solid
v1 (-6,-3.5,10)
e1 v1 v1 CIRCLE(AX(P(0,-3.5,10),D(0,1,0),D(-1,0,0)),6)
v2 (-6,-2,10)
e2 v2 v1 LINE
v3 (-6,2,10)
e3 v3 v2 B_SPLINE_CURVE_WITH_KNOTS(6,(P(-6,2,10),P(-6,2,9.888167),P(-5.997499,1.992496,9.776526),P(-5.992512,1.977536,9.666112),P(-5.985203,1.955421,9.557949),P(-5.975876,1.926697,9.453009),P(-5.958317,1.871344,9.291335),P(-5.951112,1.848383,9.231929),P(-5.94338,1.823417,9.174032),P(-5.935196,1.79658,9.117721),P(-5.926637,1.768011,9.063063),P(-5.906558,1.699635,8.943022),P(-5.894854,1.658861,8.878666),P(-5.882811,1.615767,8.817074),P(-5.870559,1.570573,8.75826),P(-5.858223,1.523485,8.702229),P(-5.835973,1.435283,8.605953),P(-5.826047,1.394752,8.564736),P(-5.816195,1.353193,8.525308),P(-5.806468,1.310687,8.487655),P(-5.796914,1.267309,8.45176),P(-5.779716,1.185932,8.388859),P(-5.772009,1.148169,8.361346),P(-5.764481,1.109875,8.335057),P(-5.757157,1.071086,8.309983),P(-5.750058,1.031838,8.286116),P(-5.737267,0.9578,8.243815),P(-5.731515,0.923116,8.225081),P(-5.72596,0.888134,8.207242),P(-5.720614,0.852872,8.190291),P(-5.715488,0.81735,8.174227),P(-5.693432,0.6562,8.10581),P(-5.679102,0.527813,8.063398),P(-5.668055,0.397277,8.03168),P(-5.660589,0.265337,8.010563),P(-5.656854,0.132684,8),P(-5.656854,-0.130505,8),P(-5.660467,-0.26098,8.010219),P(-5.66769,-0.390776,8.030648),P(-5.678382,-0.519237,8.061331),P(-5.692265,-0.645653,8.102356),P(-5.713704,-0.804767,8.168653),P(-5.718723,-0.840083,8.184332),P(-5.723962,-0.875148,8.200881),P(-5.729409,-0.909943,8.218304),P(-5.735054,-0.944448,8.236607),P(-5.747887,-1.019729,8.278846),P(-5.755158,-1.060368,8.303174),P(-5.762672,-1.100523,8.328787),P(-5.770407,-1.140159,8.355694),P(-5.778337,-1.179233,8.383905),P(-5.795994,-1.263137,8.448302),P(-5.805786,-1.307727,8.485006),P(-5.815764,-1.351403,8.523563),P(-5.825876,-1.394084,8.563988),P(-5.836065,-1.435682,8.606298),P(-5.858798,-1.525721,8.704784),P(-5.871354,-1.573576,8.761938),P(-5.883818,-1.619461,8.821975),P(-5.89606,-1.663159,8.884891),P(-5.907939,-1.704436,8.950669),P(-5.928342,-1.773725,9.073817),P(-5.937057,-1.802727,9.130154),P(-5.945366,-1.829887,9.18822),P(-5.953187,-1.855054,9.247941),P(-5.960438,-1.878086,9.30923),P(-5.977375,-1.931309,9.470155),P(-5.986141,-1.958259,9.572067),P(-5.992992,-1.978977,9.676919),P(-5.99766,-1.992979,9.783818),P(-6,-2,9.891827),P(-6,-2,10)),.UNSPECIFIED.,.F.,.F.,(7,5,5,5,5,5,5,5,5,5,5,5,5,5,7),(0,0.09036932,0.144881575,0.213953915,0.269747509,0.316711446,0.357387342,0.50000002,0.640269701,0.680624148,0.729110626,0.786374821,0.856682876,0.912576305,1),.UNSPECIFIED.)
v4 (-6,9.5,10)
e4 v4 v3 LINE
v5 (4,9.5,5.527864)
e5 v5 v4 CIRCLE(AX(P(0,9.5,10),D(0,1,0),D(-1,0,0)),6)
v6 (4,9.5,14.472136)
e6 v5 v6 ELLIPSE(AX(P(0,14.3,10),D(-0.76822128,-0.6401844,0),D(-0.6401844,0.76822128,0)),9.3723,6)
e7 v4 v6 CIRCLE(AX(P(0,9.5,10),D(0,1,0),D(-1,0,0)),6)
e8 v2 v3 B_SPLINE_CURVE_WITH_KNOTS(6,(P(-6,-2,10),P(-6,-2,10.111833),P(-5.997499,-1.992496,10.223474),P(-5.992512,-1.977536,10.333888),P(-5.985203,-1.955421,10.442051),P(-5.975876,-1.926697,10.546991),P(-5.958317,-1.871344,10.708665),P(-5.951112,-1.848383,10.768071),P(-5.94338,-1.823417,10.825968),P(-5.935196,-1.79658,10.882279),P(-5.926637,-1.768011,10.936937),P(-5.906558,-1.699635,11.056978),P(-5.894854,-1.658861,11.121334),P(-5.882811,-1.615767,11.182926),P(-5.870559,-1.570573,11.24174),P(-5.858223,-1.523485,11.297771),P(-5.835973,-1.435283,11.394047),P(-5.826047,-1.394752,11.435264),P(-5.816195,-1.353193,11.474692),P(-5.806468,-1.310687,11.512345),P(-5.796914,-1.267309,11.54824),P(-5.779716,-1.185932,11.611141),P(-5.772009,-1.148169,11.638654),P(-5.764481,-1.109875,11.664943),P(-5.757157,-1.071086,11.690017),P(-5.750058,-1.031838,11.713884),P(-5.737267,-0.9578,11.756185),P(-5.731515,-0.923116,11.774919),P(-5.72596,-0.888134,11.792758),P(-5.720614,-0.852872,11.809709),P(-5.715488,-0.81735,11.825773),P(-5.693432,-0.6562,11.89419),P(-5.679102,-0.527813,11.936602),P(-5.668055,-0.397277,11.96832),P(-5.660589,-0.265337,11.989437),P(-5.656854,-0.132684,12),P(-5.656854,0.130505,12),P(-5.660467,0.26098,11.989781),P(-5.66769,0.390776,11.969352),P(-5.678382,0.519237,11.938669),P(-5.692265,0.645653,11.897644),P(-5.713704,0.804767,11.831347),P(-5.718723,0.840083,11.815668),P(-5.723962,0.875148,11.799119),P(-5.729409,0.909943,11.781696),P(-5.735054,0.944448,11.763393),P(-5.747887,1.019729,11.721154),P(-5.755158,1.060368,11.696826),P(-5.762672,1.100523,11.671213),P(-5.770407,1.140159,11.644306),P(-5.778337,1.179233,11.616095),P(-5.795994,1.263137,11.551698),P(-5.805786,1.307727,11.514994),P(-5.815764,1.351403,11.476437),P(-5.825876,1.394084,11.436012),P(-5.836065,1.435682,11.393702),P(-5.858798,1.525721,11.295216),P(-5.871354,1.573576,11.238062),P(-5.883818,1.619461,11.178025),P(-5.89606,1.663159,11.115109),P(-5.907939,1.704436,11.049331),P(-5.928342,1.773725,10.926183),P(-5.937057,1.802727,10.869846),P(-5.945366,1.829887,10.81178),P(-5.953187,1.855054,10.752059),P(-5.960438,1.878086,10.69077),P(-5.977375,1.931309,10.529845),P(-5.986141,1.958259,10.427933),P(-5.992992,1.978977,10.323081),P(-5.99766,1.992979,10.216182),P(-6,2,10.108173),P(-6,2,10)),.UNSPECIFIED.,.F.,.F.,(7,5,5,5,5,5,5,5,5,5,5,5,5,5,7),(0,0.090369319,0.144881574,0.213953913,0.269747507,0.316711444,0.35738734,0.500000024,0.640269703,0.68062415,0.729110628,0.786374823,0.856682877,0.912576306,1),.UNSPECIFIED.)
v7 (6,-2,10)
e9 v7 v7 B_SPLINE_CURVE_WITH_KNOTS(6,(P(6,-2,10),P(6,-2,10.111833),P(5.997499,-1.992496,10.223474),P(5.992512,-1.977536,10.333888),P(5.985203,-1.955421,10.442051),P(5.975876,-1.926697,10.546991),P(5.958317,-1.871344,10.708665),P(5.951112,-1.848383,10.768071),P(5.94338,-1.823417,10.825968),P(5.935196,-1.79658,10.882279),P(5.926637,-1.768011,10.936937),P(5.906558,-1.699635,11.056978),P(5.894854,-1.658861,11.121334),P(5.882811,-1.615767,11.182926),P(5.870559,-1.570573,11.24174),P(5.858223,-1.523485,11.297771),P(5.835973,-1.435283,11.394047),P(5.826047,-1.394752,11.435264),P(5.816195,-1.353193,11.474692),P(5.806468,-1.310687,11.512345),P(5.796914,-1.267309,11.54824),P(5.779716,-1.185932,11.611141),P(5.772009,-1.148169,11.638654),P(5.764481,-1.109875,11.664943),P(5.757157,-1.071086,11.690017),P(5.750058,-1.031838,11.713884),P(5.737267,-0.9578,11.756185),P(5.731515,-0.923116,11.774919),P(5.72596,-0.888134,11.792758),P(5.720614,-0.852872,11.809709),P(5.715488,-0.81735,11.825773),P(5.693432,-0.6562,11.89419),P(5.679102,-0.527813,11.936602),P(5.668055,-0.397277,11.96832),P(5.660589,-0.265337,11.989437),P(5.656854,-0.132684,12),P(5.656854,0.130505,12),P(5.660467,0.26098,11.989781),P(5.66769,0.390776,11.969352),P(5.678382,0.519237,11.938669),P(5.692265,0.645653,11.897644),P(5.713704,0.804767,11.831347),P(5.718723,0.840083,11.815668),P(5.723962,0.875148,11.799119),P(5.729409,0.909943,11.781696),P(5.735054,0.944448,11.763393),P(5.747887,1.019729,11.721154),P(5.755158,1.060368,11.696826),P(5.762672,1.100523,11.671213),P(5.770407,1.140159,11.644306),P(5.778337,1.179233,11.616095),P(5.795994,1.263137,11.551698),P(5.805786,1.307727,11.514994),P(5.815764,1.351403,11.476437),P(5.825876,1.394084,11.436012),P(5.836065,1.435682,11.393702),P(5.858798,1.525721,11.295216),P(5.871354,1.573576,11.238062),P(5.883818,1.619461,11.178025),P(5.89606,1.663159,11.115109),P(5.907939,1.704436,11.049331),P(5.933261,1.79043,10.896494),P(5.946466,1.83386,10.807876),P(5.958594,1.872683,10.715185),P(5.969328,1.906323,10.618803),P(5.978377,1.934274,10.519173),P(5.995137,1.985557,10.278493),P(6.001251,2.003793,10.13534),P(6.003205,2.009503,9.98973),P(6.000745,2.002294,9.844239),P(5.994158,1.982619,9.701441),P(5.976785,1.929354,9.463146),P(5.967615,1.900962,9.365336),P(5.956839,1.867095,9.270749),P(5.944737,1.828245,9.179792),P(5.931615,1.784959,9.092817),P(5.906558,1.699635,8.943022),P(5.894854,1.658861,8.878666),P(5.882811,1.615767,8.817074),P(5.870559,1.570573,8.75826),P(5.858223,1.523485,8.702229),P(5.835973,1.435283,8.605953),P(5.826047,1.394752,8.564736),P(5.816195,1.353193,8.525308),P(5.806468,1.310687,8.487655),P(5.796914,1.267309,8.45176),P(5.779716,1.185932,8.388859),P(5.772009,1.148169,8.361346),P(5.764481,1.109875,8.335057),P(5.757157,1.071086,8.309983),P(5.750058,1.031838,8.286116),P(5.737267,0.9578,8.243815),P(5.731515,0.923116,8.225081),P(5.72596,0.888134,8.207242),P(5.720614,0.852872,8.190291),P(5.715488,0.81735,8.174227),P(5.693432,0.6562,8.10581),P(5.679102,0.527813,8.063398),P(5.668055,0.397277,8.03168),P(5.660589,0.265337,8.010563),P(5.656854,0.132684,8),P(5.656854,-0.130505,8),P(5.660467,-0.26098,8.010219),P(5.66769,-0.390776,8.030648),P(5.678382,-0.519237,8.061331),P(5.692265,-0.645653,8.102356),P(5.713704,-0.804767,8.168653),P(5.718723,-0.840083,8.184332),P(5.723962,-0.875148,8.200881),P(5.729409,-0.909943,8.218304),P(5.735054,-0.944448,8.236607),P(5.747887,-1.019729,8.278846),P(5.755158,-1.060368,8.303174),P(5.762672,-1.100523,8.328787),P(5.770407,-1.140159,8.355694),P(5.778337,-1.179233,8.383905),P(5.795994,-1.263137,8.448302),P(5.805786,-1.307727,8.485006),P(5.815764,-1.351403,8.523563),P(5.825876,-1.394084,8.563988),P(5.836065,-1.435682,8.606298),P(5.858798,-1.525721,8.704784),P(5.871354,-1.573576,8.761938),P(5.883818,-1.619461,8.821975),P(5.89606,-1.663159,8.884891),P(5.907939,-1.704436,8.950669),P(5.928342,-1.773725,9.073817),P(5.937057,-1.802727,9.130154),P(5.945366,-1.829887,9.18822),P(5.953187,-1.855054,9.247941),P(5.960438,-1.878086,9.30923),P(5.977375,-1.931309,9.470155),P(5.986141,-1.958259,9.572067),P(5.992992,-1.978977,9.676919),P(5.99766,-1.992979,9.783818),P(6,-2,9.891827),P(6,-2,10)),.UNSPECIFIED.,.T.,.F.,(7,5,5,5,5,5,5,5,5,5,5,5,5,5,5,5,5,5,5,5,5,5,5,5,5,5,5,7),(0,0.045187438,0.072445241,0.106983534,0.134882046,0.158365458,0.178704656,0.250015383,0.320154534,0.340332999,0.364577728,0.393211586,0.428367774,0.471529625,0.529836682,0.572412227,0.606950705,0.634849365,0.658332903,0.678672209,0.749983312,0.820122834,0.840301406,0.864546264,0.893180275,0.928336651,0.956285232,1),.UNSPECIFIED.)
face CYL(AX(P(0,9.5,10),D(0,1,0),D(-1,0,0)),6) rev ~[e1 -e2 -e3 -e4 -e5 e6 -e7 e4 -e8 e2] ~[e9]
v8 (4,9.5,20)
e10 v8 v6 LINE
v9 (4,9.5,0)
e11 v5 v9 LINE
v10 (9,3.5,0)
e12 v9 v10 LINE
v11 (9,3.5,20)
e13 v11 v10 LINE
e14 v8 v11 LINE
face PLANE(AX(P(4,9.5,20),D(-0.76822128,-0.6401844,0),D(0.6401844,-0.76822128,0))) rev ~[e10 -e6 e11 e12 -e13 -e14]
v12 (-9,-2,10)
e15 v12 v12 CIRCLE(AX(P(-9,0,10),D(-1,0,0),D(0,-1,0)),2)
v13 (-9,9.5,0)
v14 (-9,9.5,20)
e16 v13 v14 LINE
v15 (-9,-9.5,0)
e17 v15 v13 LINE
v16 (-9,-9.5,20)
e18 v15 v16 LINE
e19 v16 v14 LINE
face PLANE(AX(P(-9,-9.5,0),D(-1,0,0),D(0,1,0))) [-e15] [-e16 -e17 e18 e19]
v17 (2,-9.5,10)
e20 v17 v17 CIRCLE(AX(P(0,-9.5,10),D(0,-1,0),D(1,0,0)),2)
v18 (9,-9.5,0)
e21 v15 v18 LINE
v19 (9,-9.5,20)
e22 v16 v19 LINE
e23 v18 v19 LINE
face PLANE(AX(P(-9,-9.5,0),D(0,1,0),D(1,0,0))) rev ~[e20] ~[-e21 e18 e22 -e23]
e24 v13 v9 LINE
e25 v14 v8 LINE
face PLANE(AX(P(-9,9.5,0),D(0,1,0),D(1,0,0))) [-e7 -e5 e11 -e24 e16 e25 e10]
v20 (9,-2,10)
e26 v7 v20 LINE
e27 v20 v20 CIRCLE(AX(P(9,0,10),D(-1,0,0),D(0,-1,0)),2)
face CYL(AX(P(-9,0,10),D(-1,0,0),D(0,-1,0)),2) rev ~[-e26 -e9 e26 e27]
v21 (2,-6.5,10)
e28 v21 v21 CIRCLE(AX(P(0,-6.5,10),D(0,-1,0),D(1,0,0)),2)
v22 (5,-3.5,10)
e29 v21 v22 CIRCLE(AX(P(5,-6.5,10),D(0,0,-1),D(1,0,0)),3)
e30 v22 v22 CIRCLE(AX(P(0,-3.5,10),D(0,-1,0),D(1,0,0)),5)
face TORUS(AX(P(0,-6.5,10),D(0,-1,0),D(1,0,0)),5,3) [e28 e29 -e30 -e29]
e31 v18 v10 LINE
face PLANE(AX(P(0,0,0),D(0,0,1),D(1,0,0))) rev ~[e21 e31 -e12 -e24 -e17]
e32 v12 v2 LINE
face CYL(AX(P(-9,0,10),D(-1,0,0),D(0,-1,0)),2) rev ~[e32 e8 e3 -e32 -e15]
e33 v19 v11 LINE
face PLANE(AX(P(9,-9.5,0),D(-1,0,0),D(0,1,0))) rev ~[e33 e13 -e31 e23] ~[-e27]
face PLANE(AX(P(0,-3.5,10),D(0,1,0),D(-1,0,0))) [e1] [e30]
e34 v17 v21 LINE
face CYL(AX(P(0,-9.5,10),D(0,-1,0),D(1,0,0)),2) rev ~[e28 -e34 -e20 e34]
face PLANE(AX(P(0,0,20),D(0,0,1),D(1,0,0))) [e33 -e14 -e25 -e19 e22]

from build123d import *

# Parameters (mm, degrees)
F0_W      = 18
F0_H      = 19
F1_DEPTH  = 20
F3_R      = 6
F4_DEPTH  = 13
F2_R      = 2
F5_DEPTH  = 18
F6_R      = 3
F7_R      = 2
F8_DEPTH  = 25
F10_DEPTH = 25


with BuildPart() as f1:
    # F0 (on Top) → F1 (new body)
    with BuildSketch(Plane.XY):
        Rectangle(F0_W, F0_H)
    extrude(amount=F1_DEPTH)

    # F3 (on face) → F4 (cut)
    with BuildSketch(Plane(origin=(0, 9.5, 0), x_dir=(-1, 0, 0), z_dir=(0, 1, 0))):
        with Locations((0, 10)):
            Circle(F3_R)
    extrude(amount=-F4_DEPTH, mode=Mode.SUBTRACT)

    # F2 (on face) → F5 (cut)
    with BuildSketch(Plane.XZ.offset(9.5)):
        with Locations((0, 10)):
            Circle(F2_R)
    extrude(amount=-F5_DEPTH, mode=Mode.SUBTRACT)

    # F6
    f6_edges = [f1.edges().sort_by_distance(p)[0] for p in [
        (-2, -3.5, 10),
    ]]
    fillet(f6_edges, radius=F6_R)

    # F7 (on face) → F8 (cut)
    with BuildSketch(Plane(origin=(-9, 0, 0), x_dir=(0, -1, 0), z_dir=(-1, 0, 0))):
        with Locations((0, 10)):
            Circle(F7_R)
    extrude(amount=-F8_DEPTH, mode=Mode.SUBTRACT)

    # F9 (on face) → F10 (cut)
    with BuildSketch(Plane.XY.offset(20)):
        Polygon((9, 9.5), (4, 9.5), (9, 3.5), align=None)
    extrude(amount=-F10_DEPTH, mode=Mode.SUBTRACT)


solid = f1.part
